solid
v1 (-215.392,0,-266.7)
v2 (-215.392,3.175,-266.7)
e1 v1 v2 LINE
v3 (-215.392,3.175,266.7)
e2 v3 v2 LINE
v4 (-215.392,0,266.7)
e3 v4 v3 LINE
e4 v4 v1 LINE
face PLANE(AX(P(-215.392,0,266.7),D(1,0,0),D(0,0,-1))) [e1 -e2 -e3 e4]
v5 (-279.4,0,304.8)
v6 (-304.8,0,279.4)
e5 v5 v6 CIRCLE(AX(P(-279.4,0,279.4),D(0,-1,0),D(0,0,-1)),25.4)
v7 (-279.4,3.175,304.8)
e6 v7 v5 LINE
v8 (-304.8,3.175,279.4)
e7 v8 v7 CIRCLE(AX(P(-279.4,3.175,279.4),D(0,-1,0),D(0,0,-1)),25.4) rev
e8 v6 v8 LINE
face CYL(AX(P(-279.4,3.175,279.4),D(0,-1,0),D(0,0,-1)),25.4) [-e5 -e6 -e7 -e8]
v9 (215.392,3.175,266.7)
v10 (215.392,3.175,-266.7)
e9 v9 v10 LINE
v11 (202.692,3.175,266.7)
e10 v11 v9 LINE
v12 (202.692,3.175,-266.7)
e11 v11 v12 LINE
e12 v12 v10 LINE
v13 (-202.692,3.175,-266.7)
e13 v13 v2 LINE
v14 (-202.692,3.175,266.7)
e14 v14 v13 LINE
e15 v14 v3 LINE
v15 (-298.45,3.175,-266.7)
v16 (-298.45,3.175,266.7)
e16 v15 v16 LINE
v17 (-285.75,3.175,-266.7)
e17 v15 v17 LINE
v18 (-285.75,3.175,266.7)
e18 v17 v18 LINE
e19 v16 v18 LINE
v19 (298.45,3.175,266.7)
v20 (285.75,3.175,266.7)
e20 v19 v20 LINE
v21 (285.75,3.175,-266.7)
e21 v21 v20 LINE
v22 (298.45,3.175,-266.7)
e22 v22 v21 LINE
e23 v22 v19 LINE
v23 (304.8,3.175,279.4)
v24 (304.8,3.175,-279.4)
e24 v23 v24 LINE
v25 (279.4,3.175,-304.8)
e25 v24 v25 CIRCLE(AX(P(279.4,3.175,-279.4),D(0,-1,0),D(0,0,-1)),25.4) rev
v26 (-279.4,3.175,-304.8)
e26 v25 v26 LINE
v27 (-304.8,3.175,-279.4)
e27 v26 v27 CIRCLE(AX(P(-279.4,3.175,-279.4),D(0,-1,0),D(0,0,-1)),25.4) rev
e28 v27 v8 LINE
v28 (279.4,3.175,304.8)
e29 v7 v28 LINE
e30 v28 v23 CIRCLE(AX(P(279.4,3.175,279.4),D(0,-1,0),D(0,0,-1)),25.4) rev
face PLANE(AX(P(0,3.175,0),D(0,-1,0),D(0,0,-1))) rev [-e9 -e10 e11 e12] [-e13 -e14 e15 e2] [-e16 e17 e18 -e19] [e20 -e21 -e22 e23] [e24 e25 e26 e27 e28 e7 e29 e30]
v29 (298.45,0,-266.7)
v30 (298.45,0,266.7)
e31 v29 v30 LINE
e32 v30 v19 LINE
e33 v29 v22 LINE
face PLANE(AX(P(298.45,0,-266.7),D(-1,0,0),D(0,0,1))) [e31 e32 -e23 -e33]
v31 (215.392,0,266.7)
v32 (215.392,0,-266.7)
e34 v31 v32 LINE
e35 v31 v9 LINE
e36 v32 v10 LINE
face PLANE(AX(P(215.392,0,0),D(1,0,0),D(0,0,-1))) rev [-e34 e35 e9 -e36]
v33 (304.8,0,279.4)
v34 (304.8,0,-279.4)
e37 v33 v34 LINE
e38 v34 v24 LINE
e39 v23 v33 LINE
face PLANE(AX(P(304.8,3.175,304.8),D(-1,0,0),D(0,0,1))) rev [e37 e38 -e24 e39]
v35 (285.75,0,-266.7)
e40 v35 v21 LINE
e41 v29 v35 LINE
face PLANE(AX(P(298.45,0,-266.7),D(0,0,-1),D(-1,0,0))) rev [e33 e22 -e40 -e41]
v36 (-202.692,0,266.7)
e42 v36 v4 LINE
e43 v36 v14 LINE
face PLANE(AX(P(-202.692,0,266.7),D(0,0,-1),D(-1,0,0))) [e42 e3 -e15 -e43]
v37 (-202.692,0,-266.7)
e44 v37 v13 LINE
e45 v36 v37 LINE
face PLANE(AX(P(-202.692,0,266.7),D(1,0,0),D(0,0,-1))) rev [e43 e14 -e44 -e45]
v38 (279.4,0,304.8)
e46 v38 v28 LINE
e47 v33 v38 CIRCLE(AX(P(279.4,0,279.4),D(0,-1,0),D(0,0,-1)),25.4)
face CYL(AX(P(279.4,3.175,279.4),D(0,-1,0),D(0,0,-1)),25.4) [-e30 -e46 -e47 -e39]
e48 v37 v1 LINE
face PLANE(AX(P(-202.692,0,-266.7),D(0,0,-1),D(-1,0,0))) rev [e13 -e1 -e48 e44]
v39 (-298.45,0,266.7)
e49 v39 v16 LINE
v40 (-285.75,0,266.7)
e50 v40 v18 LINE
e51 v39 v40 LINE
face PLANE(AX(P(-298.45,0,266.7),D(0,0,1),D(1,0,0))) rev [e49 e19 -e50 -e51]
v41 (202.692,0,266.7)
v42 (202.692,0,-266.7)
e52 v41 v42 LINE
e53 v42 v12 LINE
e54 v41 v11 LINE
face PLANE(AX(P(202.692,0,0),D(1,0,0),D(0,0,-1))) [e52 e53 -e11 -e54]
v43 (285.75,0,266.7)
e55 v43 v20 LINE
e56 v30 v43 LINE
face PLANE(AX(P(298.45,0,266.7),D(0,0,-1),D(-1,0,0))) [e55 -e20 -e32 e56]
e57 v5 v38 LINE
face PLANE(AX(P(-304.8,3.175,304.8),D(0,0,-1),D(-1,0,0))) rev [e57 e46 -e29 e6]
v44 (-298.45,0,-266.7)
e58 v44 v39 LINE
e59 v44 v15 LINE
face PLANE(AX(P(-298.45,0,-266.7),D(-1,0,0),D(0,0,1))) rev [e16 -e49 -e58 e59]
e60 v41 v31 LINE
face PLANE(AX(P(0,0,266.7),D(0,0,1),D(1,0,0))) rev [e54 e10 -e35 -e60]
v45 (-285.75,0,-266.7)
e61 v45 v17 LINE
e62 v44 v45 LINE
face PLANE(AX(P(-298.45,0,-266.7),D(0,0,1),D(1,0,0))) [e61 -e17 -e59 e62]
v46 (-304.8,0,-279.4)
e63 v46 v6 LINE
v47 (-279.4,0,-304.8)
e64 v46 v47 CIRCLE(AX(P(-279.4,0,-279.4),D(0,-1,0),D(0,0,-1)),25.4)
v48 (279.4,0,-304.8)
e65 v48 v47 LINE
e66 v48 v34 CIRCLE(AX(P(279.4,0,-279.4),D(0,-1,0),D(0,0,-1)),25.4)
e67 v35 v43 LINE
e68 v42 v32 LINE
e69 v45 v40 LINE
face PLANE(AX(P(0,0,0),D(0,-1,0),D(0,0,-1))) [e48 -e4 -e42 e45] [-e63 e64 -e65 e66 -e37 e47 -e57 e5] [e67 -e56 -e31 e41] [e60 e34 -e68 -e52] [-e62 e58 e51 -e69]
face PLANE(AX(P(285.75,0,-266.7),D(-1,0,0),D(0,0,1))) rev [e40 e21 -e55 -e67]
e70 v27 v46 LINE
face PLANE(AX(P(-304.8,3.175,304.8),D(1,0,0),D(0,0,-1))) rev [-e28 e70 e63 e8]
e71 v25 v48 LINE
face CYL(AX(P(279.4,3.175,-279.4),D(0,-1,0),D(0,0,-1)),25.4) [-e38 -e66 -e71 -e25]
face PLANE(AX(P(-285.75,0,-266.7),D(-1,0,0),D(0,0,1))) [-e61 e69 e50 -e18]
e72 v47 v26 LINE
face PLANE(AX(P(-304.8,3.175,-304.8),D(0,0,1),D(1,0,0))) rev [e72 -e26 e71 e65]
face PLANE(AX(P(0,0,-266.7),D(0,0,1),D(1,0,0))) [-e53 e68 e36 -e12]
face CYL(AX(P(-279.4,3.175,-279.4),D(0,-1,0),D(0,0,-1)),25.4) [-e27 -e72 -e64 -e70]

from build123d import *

# Parameters (mm, degrees)
SKETCH1_W           = 609.6
SKETCH1_H           = 609.6
BOSS_EXTRUDE1_DEPTH = 3.175
FILLET1_R           = 25.4
SKETCH2_W           = 12.7
SKETCH2_H           = 533.4
CUT_EXTRUDE1_DEPTH  = 3.175


with BuildPart() as part:
    # Sketch1 → Boss-Extrude1 (new body)
    with BuildSketch(Plane(origin=(0, 0, 0), x_dir=(1, 0, 0), z_dir=(0, 1, 0))):
        Rectangle(SKETCH1_W, SKETCH1_H)
    extrude(amount=BOSS_EXTRUDE1_DEPTH)

    # Fillet1
    fillet1_edges = [part.edges().sort_by_distance(p)[0] for p in [
        (304.8, 1.5875, 304.8),
        (-304.8, 1.5875, 304.8),
        (-304.8, 1.5875, -304.8),
        (304.8, 1.5875, -304.8),
    ]]
    fillet(fillet1_edges, radius=FILLET1_R)

    # Sketch2 → Cut-Extrude1 (cut)
    with BuildSketch(Plane(origin=(0, 3.175, 0), x_dir=(1, 0, 0), z_dir=(0, 1, 0))):
        with Locations((209.042, 0)):
            Rectangle(SKETCH2_W, SKETCH2_H)
        with Locations((-209.042, 0)):
            Rectangle(SKETCH2_W, SKETCH2_H)
        with Locations((-292.1, 0)):
            Rectangle(SKETCH2_W, SKETCH2_H)
        with Locations((292.1, 0)):
            Rectangle(SKETCH2_W, SKETCH2_H)
    extrude(amount=-CUT_EXTRUDE1_DEPTH, mode=Mode.SUBTRACT)


solid = part.part
